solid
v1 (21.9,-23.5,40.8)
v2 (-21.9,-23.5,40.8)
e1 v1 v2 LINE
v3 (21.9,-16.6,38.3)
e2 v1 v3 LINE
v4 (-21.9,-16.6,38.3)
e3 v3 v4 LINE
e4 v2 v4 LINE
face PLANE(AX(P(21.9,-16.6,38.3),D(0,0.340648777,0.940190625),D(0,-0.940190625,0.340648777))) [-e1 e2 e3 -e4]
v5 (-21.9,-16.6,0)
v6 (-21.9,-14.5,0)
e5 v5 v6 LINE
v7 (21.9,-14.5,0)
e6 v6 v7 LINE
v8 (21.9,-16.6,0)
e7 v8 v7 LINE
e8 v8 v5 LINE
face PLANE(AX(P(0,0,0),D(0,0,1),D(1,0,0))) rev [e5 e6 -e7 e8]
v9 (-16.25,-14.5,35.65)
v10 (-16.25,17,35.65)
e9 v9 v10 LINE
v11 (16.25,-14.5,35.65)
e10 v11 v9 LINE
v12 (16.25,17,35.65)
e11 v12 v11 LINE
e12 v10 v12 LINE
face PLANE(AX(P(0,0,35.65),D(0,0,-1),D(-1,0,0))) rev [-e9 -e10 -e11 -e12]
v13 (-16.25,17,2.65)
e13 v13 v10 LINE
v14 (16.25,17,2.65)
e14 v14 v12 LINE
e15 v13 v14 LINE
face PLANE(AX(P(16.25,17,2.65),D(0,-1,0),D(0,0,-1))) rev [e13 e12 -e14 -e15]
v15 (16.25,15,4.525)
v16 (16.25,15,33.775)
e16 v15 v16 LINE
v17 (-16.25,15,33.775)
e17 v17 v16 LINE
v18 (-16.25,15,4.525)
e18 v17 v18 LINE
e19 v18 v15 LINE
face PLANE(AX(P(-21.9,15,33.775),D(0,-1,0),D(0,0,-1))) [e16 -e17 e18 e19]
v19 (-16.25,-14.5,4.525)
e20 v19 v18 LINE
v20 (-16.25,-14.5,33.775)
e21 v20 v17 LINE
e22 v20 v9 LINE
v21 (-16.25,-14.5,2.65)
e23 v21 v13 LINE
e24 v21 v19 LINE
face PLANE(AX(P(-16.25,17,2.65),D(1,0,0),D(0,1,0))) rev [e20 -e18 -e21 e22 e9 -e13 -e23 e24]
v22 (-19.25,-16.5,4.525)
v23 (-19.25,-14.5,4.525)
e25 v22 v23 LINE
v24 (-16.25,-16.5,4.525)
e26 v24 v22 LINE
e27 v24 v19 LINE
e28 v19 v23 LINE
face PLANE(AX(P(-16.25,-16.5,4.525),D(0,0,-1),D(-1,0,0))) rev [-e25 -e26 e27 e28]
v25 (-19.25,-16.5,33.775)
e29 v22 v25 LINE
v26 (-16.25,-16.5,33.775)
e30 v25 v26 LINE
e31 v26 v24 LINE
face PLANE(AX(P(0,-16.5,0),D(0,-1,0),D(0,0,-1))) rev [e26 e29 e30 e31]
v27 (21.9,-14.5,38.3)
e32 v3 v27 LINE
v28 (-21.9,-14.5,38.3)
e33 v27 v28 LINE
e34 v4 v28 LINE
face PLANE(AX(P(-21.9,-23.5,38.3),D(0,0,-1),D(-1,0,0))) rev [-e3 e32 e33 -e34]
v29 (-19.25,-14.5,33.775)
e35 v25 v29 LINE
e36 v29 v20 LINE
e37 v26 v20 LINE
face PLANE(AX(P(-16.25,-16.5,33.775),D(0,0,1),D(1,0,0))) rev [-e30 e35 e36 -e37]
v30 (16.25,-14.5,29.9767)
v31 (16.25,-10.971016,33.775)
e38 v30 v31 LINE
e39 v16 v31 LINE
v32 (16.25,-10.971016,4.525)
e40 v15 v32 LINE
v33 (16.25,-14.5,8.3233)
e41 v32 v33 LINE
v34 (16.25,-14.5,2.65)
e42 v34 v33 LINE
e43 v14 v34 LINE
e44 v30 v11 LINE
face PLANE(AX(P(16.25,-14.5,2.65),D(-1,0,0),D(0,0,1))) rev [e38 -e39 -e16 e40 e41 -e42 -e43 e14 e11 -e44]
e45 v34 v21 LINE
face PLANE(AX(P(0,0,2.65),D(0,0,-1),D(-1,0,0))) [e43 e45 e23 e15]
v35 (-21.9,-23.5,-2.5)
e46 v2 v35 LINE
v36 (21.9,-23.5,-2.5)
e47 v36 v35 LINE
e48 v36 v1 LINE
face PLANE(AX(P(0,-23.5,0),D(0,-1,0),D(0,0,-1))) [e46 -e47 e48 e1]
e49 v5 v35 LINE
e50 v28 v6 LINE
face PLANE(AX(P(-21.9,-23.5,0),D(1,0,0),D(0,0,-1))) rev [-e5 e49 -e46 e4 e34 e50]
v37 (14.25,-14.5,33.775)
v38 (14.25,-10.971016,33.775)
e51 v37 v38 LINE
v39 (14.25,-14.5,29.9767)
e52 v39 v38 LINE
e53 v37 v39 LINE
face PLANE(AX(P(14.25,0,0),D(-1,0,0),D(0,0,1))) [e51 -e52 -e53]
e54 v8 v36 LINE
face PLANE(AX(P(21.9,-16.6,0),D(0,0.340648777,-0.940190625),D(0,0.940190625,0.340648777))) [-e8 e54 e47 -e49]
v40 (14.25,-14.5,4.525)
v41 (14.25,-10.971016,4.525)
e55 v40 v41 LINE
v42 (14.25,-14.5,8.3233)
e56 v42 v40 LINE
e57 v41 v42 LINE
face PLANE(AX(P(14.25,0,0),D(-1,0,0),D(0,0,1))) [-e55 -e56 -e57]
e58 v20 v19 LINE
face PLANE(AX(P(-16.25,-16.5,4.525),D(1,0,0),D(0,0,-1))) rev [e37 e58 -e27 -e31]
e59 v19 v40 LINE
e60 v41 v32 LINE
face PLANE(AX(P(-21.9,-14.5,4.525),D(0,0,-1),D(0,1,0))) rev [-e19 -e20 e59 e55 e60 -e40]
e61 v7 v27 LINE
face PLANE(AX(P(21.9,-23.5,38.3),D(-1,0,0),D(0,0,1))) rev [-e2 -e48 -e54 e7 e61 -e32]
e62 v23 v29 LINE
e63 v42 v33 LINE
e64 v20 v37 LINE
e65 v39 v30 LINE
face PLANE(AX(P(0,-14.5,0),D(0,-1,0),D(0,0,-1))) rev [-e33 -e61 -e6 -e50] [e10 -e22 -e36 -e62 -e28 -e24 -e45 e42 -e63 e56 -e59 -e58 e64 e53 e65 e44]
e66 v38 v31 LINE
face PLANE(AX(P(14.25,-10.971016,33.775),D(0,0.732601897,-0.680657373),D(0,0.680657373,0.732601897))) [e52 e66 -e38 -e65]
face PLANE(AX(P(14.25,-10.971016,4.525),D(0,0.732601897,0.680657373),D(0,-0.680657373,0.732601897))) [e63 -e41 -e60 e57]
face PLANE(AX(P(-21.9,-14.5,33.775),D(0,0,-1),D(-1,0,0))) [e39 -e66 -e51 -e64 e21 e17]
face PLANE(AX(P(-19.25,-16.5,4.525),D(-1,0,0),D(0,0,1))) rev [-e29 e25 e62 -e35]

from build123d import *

# Parameters (mm, degrees)
SKETCH1_W                = 30
SKETCH1_H                = 29
SKETCH1_R                = 1.75
BOSS_EXTRUDE1_DEPTH      = 2
SKETCH2_W                = 43.8
SKETCH2_H                = 38.3
BOSS_EXTRUDE3_DEPTH      = 9
BOSS_EXTRUDE4_DEPTH      = 43.8
SKETCH16_W               = 2
SKETCH16_H               = 29
CUT_EXTRUDE1_DEPTH       = 26.5
SKETCH15_W               = 32.5
SKETCH15_H               = 31.5
BOSS_EXTRUDE5_DEPTH      = 2
BOSS_EXTRUDE5_DEPTH_BACK = 31
SKETCH20_W               = 29.25
SKETCH20_H               = 29.5
CUT_EXTRUDE2_DEPTH       = 22.9
CUT_EXTRUDE2_DEPTH_BACK  = 22.9
BOSS_EXTRUDE6_DEPTH      = 2
SKETCH22_W               = 3
SKETCH22_H               = 29.25
CUT_EXTRUDE3_DEPTH       = 2


with BuildPart() as part:
    # Sketch1 → Boss-Extrude1 (new body)
    with BuildSketch(Plane.XY):
        Rectangle(SKETCH1_W, SKETCH1_H)
        with Locations((-8.45, 8.168333333)):
            Circle(SKETCH1_R, mode=Mode.SUBTRACT)
        with Locations((8.168333333, 8.45)):
            Circle(SKETCH1_R, mode=Mode.SUBTRACT)
        with Locations((8.45, -8.168333333)):
            Circle(SKETCH1_R, mode=Mode.SUBTRACT)
        with Locations((-8.168333333, -8.45)):
            Circle(SKETCH1_R, mode=Mode.SUBTRACT)
    extrude(amount=BOSS_EXTRUDE1_DEPTH)

    # Sketch2 → Boss-Extrude3 (add)
    with BuildSketch(Plane.XZ.offset(14.5)):
        with Locations((0, 19.15)):
            Rectangle(SKETCH2_W, SKETCH2_H)
    extrude(amount=BOSS_EXTRUDE3_DEPTH)

    # Sketch3 → Boss-Extrude4 (add)
    with BuildSketch(Plane.ZY.offset(21.9)):
        Polygon((0, -23.5), (-2.5, -23.5), (0, -16.6), align=None)
        Polygon((38.3, -23.5), (40.8, -23.5), (38.3, -16.6), align=None)
    extrude(amount=-BOSS_EXTRUDE4_DEPTH)

    # Sketch16 → Cut-Extrude1 (cut, symmetric)
    with BuildSketch(Plane(origin=(0, 0, 0), x_dir=(0, 0, -1), z_dir=(1, 0, 0))):
        with Locations((-1, 0)):
            Rectangle(SKETCH16_W, SKETCH16_H)
    extrude(amount=CUT_EXTRUDE1_DEPTH, both=True, mode=Mode.SUBTRACT)

    # Sketch15 → Boss-Extrude5 (add, two sides)
    with BuildSketch(Plane(origin=(0, 0, 4.65), x_dir=(-1, 0, 0), z_dir=(0, 0, -1))) as boss_extrude5_sk:
        with Locations((0, 1.25)):
            Rectangle(SKETCH15_W, SKETCH15_H)
    extrude(amount=BOSS_EXTRUDE5_DEPTH)
    extrude(boss_extrude5_sk.sketch, amount=-BOSS_EXTRUDE5_DEPTH_BACK)

    # Sketch20 → Cut-Extrude2 (cut, two sides)
    with BuildSketch(Plane(origin=(0, 0, 0), x_dir=(0, 0, -1), z_dir=(1, 0, 0))) as cut_extrude2_sk:
        with Locations((-19.15, 0.25)):
            Rectangle(SKETCH20_W, SKETCH20_H)
    extrude(amount=CUT_EXTRUDE2_DEPTH, mode=Mode.SUBTRACT)
    extrude(cut_extrude2_sk.sketch, amount=-CUT_EXTRUDE2_DEPTH_BACK, mode=Mode.SUBTRACT)

    # Sketch21 → Boss-Extrude6 (add)
    with BuildSketch(Plane(origin=(16.25, 0, 0), x_dir=(0, 0, -1), z_dir=(1, 0, 0))):
        Polygon((-35.65, -10.971015683), (-33.775, -10.971015683), (-29.976700434, -14.5), (-35.65, -14.5), align=None)
        Polygon((-4.525, -10.971015683), (-8.323299566, -14.5), (-2.65, -14.5), (-2.65, -10.971015683), align=None)
    extrude(amount=-BOSS_EXTRUDE6_DEPTH)

    # Sketch22 → Cut-Extrude3 (cut)
    with BuildSketch(Plane(origin=(0, -14.5, 0), x_dir=(1, 0, 0), z_dir=(0, 1, 0))):
        with Locations((-17.75, -19.15)):
            Rectangle(SKETCH22_W, SKETCH22_H)
    extrude(amount=-CUT_EXTRUDE3_DEPTH, mode=Mode.SUBTRACT)


solid = part.part
